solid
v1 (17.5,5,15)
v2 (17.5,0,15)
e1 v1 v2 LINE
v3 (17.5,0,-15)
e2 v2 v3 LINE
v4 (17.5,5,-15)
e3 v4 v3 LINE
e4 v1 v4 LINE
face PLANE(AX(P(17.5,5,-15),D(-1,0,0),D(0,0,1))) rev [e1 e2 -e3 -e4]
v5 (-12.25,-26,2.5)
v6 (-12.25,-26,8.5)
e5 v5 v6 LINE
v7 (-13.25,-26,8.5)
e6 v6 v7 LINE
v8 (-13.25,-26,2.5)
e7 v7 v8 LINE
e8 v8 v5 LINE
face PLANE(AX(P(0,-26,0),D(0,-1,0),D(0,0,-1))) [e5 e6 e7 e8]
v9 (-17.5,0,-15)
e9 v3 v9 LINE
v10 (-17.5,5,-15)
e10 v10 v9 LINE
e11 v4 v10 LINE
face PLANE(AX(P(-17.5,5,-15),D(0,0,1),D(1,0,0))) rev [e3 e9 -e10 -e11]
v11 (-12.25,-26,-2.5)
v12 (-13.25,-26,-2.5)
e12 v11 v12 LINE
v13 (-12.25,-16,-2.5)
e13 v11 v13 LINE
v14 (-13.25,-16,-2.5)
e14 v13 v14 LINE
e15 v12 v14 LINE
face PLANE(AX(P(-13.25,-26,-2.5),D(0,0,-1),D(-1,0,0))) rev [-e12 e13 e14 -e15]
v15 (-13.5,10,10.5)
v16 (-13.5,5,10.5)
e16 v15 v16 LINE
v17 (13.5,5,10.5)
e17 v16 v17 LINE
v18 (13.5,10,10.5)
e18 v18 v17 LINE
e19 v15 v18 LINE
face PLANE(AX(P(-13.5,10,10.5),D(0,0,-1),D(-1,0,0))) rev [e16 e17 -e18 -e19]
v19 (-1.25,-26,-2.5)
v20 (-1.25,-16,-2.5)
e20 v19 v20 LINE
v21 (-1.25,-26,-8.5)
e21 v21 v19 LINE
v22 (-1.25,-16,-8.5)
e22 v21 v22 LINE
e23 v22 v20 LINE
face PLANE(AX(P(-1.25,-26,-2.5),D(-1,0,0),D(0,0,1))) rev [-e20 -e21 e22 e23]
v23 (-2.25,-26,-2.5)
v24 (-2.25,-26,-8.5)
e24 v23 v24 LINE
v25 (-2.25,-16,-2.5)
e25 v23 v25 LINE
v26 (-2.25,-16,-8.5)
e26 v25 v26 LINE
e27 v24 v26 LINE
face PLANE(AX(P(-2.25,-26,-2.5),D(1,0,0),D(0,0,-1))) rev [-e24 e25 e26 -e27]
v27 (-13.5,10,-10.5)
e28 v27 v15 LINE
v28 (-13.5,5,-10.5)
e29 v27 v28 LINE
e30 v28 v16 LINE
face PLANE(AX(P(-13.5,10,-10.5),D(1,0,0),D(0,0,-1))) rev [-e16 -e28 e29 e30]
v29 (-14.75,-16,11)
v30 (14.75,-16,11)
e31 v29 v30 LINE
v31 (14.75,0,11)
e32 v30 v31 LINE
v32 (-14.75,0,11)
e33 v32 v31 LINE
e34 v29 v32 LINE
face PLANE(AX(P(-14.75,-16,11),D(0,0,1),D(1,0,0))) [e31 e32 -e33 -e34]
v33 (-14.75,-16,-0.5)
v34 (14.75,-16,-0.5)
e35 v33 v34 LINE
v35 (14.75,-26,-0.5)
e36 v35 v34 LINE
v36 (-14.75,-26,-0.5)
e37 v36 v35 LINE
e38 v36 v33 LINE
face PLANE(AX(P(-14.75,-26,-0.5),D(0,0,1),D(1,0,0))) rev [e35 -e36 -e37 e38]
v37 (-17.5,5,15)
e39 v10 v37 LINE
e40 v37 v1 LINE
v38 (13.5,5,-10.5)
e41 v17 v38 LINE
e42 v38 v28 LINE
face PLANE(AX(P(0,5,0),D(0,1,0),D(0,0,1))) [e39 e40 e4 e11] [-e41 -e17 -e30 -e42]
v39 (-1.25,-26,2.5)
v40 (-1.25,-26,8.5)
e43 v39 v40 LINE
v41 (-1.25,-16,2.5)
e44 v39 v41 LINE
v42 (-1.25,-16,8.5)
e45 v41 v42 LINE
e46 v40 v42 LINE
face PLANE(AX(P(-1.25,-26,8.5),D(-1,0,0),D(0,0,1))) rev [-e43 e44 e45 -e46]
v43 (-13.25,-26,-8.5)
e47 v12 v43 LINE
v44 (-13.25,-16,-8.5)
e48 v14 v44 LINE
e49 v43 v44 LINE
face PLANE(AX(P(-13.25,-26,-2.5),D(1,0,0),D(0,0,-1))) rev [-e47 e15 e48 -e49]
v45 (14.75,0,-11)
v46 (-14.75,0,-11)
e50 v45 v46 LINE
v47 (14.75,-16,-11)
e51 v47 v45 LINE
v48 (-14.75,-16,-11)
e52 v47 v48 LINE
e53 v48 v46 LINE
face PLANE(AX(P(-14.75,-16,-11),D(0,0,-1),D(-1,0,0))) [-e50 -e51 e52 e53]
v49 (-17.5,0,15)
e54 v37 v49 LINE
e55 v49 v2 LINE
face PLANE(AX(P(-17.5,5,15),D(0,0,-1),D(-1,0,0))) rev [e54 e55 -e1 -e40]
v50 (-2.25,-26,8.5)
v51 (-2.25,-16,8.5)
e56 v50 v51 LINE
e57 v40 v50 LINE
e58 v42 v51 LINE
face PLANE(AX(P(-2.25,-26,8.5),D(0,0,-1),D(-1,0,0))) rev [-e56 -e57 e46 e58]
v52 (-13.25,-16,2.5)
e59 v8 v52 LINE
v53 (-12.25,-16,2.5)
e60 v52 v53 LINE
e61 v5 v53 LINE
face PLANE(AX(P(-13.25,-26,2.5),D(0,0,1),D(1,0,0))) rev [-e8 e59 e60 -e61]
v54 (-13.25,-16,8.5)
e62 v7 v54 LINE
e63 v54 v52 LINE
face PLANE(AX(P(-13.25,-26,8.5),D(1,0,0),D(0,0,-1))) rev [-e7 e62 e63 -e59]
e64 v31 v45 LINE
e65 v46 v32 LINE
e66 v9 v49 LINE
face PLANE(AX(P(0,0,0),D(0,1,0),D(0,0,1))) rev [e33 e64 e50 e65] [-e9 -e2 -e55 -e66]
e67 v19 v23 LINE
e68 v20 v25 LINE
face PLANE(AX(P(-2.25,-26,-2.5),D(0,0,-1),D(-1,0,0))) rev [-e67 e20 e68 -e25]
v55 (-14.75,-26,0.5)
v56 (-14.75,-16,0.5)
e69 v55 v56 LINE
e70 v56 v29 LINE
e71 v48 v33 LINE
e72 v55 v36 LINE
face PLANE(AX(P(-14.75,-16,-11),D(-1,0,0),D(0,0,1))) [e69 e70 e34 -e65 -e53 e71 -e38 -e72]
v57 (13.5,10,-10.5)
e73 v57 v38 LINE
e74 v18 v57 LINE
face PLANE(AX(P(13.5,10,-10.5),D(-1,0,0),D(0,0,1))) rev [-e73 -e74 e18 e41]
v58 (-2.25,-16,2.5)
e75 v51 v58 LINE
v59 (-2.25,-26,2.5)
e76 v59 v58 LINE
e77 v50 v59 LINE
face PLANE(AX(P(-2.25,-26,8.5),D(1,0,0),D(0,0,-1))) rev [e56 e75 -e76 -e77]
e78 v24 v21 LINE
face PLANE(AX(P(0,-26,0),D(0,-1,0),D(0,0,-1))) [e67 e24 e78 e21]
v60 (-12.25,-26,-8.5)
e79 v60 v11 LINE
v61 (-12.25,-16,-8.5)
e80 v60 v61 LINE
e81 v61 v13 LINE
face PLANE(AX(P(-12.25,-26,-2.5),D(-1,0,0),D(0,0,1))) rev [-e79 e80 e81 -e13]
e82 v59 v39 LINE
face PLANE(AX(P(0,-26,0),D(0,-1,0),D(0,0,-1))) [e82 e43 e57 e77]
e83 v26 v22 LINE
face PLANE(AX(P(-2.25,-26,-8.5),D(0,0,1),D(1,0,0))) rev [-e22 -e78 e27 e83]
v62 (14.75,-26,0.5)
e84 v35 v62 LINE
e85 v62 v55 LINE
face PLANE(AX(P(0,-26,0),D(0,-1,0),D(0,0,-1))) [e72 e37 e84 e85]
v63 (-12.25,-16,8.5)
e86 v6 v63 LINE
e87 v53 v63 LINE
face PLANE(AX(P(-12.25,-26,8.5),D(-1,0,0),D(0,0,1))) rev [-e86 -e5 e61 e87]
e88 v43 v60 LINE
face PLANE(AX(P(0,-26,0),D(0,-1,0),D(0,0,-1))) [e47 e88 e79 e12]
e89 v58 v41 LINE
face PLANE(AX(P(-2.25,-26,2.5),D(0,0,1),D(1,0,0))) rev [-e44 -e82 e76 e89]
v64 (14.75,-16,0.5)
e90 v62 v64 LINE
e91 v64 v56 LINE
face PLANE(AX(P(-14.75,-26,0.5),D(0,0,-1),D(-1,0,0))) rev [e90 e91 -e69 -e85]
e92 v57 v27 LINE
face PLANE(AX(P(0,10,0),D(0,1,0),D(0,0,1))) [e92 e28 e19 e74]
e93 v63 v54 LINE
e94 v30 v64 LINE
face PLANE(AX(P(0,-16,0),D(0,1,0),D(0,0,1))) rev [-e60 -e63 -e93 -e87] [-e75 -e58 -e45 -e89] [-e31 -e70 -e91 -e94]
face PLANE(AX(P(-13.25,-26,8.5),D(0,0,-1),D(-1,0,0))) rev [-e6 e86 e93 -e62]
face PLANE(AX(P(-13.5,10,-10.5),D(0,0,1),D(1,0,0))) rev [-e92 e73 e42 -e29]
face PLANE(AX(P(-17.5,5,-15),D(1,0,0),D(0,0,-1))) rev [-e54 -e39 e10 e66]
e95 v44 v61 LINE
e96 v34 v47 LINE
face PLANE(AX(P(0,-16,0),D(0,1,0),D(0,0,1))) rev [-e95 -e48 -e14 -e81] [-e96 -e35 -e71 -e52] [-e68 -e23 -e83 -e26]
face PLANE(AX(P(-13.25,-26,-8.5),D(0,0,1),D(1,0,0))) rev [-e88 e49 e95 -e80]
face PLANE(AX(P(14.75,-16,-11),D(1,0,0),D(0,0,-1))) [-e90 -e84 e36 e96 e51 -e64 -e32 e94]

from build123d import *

# Parameters (mm, degrees)
SKETCH_1_W      = 29.5
SKETCH_1_H      = 22
EXTRUDE_1_DEPTH = 16
SKETCH_2_W      = 35
SKETCH_2_H      = 30
EXTRUDE_2_DEPTH = 5
SKETCH_3_W      = 27
SKETCH_3_H      = 21
EXTRUDE_3_DEPTH = 5
SKETCH_4_W      = 29.5
SKETCH_4_H      = 1
SKETCH_4_W_2    = 1
SKETCH_4_H_2    = 6
EXTRUDE_4_DEPTH = 10


with BuildPart() as part:
    # Эскиз1 → Бобышка-Вытянуть1 (new body)
    with BuildSketch(Plane(origin=(0, 0, 0), x_dir=(1, 0, 0), z_dir=(0, 1, 0))):
        Rectangle(SKETCH_1_W, SKETCH_1_H)
    extrude(amount=-EXTRUDE_1_DEPTH)

    # Эскиз2 → Бобышка-Вытянуть2 (add)
    with BuildSketch(Plane(origin=(0, 0, 0), x_dir=(1, 0, 0), z_dir=(0, 1, 0))):
        Rectangle(SKETCH_2_W, SKETCH_2_H)
    extrude(amount=EXTRUDE_2_DEPTH)

    # Эскиз3 → Бобышка-Вытянуть3 (add)
    with BuildSketch(Plane(origin=(0, 5, 0), x_dir=(1, 0, 0), z_dir=(0, 1, 0))):
        Rectangle(SKETCH_3_W, SKETCH_3_H)
    extrude(amount=EXTRUDE_3_DEPTH)

    # Эскиз4 → Бобышка-Вытянуть4 (add)
    with BuildSketch(Plane.XZ.offset(16)):
        Rectangle(SKETCH_4_W, SKETCH_4_H)
        with Locations((-12.75, 5.5)):
            Rectangle(SKETCH_4_W_2, SKETCH_4_H_2)
        with Locations((-1.75, 5.5)):
            Rectangle(SKETCH_4_W_2, SKETCH_4_H_2)
        with Locations((-12.75, -5.5)):
            Rectangle(SKETCH_4_W_2, SKETCH_4_H_2)
        with Locations((-1.75, -5.5)):
            Rectangle(SKETCH_4_W_2, SKETCH_4_H_2)
    extrude(amount=EXTRUDE_4_DEPTH)


solid = part.part
